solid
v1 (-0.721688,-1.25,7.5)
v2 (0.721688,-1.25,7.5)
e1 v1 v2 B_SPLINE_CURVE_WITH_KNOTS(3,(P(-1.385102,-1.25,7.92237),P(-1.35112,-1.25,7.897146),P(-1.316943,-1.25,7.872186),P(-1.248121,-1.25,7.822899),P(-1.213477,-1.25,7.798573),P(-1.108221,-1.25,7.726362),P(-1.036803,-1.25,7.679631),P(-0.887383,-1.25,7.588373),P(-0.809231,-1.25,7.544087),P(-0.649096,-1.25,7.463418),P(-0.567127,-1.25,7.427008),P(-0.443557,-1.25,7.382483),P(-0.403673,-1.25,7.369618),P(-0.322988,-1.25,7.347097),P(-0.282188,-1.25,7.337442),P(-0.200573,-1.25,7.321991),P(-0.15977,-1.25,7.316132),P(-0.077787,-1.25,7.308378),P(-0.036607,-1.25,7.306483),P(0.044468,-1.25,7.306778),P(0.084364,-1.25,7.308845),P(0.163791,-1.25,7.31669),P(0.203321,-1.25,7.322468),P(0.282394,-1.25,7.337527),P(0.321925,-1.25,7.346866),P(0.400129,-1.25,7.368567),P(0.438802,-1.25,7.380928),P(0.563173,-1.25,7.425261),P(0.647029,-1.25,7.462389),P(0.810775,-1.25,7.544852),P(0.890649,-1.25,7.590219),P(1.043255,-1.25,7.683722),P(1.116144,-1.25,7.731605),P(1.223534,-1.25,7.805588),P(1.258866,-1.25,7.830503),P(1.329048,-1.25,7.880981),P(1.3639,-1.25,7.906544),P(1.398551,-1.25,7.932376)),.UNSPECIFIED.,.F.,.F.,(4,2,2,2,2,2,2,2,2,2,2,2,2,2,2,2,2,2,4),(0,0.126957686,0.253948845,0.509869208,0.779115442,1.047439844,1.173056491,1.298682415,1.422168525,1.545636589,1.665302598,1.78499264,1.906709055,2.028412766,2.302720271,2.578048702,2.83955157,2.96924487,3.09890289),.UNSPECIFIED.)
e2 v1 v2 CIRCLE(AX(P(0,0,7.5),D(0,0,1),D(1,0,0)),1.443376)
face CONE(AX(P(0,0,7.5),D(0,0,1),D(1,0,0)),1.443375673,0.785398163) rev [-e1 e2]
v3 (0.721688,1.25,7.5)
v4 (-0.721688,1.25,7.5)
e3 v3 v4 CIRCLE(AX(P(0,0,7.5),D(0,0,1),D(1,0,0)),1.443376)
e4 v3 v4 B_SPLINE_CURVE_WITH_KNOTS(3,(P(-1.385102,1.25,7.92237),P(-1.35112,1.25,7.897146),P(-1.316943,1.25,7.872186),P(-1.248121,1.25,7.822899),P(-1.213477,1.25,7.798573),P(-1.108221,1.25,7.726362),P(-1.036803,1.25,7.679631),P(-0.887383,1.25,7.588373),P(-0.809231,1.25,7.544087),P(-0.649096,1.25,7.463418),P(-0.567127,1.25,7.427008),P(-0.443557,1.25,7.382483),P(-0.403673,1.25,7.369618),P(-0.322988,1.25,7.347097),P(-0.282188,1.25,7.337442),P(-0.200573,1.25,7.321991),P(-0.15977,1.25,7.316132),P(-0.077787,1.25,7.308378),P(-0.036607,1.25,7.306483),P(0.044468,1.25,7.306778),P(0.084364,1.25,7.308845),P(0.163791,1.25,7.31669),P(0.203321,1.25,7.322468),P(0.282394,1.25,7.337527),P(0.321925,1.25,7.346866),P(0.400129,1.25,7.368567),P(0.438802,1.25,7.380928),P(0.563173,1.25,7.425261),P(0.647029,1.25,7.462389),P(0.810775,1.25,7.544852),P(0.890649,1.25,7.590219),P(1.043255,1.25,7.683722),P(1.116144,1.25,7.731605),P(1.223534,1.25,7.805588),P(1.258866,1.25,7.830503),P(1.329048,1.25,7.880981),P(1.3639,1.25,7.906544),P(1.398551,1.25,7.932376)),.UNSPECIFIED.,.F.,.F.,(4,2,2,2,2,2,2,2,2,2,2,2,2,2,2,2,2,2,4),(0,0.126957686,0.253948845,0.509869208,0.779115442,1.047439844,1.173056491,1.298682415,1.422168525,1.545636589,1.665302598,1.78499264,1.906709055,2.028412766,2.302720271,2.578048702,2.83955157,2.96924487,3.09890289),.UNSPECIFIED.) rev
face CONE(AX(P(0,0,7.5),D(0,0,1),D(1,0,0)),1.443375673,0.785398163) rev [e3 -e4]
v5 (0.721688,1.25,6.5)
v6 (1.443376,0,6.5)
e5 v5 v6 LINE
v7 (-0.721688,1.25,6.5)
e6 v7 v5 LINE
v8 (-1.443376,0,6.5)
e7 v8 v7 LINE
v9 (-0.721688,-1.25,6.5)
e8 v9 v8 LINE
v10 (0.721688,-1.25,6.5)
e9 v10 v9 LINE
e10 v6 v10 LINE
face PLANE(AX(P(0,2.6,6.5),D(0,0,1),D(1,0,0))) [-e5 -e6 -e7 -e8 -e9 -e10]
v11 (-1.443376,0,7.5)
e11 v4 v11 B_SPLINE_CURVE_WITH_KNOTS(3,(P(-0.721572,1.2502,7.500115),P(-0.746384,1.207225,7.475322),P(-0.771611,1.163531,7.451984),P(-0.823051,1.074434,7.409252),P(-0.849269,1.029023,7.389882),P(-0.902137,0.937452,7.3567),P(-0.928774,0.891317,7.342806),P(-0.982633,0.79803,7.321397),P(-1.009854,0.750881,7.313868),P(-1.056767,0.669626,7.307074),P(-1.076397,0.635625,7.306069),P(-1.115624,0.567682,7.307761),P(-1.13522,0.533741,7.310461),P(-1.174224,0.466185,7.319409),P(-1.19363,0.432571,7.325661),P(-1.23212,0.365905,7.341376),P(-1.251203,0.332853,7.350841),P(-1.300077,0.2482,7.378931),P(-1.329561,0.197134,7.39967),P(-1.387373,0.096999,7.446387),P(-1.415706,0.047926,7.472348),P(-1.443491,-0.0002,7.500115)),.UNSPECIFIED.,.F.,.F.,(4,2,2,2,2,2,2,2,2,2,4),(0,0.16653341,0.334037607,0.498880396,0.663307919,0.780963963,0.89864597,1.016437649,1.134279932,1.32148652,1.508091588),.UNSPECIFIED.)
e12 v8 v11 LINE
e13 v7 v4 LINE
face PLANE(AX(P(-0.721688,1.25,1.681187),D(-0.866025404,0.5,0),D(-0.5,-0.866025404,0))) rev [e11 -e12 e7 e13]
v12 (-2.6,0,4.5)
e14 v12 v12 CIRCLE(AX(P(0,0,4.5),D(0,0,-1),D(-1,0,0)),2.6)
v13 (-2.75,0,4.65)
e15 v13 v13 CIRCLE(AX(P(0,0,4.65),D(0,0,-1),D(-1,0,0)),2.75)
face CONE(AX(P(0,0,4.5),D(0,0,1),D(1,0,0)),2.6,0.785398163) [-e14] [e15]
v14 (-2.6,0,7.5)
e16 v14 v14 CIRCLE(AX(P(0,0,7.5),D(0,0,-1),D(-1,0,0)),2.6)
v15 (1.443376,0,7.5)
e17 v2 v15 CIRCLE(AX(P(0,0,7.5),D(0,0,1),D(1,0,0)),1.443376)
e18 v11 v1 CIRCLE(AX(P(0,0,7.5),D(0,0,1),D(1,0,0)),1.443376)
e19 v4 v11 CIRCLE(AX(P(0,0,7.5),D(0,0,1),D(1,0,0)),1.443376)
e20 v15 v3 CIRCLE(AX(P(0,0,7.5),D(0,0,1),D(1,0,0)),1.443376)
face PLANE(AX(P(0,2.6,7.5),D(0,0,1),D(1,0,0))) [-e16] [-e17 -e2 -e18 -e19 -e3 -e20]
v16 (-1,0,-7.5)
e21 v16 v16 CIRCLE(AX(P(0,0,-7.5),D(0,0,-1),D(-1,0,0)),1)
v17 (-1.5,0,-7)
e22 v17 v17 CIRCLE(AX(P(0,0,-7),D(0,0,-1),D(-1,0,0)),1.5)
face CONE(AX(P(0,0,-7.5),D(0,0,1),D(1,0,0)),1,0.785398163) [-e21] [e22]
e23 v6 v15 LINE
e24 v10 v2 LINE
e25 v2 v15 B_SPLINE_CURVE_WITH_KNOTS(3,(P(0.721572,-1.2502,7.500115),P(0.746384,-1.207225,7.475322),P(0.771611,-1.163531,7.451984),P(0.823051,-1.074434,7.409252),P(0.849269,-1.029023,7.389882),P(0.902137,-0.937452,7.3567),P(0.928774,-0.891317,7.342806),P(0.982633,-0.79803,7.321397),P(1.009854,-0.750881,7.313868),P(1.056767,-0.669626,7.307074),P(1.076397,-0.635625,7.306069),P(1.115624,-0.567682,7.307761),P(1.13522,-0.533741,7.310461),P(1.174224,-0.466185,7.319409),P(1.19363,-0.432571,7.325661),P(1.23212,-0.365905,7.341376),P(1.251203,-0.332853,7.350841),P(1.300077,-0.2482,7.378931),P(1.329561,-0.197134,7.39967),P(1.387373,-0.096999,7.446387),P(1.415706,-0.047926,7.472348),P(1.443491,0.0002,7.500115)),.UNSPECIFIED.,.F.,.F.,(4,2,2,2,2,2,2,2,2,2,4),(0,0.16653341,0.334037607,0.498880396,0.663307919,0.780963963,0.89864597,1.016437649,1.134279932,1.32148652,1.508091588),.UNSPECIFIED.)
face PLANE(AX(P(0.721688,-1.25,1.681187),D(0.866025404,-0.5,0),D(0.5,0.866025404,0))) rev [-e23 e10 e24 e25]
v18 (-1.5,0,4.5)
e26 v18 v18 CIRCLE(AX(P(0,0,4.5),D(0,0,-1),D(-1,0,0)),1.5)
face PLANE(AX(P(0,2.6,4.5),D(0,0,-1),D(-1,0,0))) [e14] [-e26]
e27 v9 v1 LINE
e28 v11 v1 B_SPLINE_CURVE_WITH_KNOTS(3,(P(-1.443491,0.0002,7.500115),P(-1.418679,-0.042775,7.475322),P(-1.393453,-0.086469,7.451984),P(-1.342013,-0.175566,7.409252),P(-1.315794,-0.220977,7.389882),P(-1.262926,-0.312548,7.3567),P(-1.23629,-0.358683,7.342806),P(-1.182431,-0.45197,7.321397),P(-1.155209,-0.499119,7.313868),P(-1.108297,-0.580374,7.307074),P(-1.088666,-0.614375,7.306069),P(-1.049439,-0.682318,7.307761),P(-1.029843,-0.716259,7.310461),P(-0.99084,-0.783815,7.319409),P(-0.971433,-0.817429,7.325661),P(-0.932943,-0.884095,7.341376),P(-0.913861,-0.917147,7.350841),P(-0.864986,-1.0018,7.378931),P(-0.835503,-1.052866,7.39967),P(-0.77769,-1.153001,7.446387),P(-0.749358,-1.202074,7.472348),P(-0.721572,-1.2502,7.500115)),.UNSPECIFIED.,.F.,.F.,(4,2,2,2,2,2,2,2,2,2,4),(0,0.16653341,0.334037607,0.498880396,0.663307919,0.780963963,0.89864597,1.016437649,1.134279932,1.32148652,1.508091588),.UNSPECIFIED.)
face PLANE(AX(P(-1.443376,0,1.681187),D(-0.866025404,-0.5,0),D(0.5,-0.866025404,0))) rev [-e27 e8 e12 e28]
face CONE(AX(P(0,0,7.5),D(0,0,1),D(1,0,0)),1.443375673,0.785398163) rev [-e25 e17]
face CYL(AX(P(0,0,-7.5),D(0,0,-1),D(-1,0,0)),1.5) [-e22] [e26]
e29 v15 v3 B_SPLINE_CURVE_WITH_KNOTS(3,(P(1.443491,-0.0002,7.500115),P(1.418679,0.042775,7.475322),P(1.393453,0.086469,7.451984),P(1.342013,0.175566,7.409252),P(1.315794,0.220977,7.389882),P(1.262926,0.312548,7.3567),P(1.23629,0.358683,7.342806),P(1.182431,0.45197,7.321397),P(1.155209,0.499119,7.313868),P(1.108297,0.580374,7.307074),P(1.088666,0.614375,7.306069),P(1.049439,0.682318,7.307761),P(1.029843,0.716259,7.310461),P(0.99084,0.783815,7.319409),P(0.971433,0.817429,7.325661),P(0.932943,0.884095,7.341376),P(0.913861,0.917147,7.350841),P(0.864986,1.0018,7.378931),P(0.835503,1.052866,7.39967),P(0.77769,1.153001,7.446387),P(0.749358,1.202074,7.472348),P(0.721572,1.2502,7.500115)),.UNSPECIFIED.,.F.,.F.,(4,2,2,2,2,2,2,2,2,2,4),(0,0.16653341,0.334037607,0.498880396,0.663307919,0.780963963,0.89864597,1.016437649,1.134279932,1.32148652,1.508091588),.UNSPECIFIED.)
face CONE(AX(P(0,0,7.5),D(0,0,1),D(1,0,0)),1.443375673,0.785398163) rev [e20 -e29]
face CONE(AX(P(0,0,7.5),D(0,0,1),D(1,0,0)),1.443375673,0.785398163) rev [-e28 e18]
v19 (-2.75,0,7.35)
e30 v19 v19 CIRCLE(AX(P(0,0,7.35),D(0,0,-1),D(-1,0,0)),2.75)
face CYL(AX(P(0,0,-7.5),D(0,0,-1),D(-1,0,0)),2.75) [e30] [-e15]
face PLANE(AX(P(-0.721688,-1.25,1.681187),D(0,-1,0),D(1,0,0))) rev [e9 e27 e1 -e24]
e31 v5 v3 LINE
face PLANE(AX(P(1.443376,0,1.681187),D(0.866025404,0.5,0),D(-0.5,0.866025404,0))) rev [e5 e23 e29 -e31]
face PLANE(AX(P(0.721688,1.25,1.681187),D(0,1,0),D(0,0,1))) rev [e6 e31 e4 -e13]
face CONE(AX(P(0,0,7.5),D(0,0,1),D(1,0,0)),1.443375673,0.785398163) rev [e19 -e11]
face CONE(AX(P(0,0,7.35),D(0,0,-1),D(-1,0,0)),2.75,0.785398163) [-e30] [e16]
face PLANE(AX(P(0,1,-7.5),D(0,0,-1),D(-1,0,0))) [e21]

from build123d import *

# Parameters (mm, degrees)
CUT_EXTRUDE1_DEPTH = 1
SKETCH4_R          = 1.443375673
CUT_EXTRUDE2_DEPTH = 0.5
CUT_EXTRUDE2_DRAFT = -45


with BuildPart() as part:
    # Sketch2 → Revolve1 (revolve)
    with BuildSketch(Plane(origin=(0, 0, 0), x_dir=(0, 0, -1), z_dir=(1, 0, 0)), mode=Mode.PRIVATE) as revolve1_sk:
        Polygon((-7.35, 2.75), (-4.65, 2.75), (-4.5, 2.6), (-4.5, 1.5), (7, 1.5), (7.5, 1), (7.5, 0), (-7.5, 0), (-7.5, 2.6), align=None)
    revolve(revolve1_sk.sketch.rotate(Axis((0, 0, -7.5), (0, 0, 1)), 90), axis=Axis((0, 0, -7.5), (0, 0, 1)))

    # Sketch3 → Cut-Extrude1 (cut)
    with BuildSketch(Plane.XY.offset(7.5)):
        Polygon((0.721687836, 1.25), (-0.721687836, 1.25), (-1.443375673, 0), (-0.721687836, -1.25), (0.721687836, -1.25), (1.443375673, 0), align=None)
    extrude(amount=-CUT_EXTRUDE1_DEPTH, mode=Mode.SUBTRACT)


with BuildPart() as cut_extrude2_tool:
    # Sketch4 → Cut-Extrude2 (with draft: the straight prism first)
    with BuildSketch(Plane.XY.offset(7.5)):
        Circle(SKETCH4_R)
    extrude(amount=-CUT_EXTRUDE2_DEPTH)
    # Cut-Extrude2: the draft: its side faces are tilted about the plane it starts from
    cut_extrude2_sides = [cut_extrude2_tool.faces().sort_by_distance(p)[0] for p in [
        (-1.443375673, 0, 7.25),
    ]]
    draft(cut_extrude2_sides, Plane.XY.offset(7.5), CUT_EXTRUDE2_DRAFT)


with BuildPart() as part_1:
    add(part.part)

    # Cut-Extrude2: cut by cut_extrude2_tool
    add(cut_extrude2_tool.part, mode=Mode.SUBTRACT)


solid = part_1.part
